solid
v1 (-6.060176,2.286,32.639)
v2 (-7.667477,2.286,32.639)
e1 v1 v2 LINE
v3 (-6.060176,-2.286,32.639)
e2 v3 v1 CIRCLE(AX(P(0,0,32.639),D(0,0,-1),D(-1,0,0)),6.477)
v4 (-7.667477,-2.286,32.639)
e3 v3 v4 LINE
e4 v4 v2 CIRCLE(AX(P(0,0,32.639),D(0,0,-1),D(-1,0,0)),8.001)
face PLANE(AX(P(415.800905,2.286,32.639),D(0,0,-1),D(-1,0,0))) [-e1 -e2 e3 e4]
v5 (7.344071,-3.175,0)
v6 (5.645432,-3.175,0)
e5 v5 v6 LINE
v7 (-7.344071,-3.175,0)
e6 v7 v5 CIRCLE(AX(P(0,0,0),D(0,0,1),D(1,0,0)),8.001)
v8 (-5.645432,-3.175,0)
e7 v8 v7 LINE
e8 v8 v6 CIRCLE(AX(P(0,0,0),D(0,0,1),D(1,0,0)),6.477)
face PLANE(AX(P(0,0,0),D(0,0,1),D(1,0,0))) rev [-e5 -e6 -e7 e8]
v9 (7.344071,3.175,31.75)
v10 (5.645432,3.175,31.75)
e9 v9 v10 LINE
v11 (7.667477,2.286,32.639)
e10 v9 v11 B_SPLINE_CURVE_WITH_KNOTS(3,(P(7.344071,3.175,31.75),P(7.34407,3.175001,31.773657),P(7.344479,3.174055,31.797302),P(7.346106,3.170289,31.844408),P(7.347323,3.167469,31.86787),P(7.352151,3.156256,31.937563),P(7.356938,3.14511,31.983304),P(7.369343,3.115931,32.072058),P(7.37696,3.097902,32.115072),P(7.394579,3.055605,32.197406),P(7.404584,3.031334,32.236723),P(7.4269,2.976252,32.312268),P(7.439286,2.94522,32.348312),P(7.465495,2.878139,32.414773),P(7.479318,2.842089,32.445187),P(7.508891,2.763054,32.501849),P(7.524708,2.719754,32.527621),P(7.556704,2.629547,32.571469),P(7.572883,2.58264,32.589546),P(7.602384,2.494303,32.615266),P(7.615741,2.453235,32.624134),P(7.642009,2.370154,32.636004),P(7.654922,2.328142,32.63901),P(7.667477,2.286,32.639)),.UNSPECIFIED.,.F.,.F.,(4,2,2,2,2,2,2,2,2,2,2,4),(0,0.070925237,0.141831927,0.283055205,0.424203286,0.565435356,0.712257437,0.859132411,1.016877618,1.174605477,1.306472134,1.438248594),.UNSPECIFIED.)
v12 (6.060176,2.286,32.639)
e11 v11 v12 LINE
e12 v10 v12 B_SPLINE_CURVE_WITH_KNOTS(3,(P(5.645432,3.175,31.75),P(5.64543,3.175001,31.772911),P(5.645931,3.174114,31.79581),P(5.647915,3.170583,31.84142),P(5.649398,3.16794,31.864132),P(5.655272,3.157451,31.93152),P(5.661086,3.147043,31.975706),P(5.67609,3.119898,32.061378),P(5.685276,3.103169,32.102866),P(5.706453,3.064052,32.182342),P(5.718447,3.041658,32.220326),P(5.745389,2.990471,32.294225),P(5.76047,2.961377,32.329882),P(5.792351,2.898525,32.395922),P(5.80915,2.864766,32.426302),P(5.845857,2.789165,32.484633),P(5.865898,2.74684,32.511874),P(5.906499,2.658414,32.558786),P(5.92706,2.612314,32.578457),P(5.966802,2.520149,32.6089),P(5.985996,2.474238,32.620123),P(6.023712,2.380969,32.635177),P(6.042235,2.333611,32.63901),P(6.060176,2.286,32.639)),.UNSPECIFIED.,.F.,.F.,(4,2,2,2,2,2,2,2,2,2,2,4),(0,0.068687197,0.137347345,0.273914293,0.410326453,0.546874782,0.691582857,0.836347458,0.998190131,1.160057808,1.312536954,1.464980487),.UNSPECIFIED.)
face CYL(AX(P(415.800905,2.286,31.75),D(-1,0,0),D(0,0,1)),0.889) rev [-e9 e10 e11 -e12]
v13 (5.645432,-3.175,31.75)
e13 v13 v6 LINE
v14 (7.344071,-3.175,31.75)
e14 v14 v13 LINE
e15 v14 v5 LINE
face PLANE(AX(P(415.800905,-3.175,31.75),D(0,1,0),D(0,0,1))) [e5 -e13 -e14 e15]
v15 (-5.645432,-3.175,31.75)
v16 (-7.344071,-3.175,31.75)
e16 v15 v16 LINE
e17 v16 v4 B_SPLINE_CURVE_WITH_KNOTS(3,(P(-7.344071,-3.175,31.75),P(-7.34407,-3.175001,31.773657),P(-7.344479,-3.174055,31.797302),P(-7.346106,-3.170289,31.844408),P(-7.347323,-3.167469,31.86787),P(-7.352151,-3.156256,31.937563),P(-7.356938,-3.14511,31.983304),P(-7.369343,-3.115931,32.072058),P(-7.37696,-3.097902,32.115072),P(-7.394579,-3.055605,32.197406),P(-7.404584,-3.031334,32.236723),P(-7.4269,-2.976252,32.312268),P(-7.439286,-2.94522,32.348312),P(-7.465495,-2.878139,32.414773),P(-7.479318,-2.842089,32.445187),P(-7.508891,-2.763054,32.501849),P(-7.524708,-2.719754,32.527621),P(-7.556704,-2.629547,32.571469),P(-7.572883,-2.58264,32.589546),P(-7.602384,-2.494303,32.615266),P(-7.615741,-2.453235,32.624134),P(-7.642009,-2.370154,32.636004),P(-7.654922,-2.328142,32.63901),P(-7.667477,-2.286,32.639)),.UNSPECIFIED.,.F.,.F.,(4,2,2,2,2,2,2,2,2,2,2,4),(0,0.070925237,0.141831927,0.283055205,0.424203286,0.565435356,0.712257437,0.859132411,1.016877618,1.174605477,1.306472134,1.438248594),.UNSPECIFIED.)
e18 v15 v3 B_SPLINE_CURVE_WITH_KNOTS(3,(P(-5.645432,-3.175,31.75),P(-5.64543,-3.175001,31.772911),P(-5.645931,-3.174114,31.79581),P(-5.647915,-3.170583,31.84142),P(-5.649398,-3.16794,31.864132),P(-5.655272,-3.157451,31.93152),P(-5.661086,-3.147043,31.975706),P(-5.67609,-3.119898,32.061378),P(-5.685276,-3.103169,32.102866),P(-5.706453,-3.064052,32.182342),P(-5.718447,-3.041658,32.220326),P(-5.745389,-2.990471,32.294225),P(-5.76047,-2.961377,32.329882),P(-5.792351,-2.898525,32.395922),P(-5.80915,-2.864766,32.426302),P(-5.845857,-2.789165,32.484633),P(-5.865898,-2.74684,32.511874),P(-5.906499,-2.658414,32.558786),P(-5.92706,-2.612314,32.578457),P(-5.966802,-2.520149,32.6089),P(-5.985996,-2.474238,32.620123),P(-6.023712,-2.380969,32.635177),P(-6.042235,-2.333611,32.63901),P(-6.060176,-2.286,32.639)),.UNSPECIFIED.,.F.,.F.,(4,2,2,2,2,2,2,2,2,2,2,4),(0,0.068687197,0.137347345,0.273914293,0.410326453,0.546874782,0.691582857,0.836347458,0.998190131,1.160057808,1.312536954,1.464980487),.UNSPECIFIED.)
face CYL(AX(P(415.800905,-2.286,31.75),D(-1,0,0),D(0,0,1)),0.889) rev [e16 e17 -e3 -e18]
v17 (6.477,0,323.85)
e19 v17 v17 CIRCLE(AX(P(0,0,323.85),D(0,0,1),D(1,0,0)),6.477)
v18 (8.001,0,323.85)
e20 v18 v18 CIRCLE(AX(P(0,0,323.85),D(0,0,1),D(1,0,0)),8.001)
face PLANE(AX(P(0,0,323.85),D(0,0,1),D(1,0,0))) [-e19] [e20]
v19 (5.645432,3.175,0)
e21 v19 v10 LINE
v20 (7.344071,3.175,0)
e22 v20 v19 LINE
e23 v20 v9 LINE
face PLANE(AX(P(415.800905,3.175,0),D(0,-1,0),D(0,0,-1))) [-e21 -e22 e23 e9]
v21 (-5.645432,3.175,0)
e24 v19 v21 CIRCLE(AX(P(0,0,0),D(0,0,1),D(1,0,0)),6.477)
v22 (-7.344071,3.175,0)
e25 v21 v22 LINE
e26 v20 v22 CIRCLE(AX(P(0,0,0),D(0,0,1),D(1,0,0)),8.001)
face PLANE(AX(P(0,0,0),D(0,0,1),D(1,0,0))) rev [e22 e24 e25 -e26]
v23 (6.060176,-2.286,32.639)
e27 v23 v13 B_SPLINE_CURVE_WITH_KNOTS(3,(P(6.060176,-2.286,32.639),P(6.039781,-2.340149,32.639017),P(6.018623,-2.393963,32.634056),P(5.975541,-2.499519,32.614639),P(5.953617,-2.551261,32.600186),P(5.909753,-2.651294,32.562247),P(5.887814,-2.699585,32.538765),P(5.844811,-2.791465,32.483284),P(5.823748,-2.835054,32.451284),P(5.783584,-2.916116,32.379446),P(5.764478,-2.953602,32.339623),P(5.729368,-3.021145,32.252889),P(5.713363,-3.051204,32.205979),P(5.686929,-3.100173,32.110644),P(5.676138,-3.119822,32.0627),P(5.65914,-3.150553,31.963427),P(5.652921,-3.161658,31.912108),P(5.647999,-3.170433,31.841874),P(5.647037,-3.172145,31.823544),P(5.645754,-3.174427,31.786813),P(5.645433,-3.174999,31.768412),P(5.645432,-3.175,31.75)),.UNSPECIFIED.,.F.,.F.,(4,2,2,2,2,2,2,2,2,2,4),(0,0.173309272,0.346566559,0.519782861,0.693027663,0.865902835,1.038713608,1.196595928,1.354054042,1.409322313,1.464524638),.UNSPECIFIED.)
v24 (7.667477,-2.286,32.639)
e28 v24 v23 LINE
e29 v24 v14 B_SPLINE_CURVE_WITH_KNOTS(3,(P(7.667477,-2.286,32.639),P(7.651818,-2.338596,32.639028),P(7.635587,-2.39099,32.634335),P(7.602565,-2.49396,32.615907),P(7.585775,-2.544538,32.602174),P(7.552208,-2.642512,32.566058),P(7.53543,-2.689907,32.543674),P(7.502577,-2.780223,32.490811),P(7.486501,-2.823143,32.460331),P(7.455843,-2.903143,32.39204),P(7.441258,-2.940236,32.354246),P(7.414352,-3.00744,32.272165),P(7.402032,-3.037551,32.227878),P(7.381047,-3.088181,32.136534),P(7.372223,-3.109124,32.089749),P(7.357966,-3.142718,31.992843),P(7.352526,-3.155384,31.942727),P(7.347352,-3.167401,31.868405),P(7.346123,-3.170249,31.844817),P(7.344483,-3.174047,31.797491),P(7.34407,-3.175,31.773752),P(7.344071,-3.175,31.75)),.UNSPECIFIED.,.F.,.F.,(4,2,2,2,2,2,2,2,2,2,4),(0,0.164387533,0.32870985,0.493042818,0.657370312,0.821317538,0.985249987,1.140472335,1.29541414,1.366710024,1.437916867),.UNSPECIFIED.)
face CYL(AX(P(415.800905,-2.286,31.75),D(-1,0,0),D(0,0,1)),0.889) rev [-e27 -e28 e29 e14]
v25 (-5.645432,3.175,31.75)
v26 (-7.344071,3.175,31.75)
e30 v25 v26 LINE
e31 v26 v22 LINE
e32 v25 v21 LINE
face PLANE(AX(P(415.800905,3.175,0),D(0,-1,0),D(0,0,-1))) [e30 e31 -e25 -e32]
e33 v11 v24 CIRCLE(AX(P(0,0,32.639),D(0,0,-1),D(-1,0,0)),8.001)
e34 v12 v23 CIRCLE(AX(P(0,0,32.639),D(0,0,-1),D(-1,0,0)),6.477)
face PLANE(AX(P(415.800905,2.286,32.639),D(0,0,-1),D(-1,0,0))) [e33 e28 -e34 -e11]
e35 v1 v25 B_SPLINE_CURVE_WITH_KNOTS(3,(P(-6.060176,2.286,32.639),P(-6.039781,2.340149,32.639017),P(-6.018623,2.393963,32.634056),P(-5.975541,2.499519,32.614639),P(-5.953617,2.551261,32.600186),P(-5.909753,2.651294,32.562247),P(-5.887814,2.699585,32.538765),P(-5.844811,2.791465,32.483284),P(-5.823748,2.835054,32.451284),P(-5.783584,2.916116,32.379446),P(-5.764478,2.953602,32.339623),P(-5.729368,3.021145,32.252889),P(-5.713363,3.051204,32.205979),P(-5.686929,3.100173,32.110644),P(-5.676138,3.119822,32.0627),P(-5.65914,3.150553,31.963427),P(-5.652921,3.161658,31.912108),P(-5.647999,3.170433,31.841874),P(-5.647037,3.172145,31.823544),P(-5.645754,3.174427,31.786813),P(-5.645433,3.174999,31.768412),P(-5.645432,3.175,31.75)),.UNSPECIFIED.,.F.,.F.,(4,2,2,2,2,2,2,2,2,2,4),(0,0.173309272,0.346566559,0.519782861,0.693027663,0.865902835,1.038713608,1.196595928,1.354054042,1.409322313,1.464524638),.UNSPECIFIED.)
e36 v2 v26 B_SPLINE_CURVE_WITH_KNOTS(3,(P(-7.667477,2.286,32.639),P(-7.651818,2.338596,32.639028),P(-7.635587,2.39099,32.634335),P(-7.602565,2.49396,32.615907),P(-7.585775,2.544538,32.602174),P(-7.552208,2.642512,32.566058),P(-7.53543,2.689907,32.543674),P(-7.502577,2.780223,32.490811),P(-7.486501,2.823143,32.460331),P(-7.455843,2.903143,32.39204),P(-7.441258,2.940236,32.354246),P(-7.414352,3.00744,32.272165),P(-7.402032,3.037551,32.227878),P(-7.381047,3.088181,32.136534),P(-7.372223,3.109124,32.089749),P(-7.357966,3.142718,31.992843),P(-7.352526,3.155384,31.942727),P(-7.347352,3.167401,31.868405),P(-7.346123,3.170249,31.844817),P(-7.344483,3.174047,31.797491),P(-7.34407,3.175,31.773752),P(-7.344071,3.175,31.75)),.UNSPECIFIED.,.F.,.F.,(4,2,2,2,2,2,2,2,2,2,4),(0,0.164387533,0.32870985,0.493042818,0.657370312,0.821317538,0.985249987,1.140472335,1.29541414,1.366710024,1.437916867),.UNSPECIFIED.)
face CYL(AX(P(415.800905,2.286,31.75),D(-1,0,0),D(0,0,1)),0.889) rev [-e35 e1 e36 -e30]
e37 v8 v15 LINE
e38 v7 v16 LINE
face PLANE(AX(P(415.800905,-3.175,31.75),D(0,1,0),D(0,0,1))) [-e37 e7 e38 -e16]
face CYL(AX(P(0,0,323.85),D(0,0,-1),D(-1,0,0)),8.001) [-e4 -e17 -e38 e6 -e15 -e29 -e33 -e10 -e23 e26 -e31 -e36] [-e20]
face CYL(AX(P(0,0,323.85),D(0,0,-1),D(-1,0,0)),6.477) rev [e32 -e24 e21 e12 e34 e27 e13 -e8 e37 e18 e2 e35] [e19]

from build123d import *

# Parameters (mm, degrees)
SKETCH1_R               = 8.001
SKETCH1_R_2             = 6.477
BOSS_EXTRUDE1_DEPTH     = 323.85
CUT_EXTRUDE2_DEPTH      = 325.047611474
CUT_EXTRUDE2_DEPTH_BACK = 325.047611474


with BuildPart() as part:
    # Sketch1 → Boss-Extrude1 (new body)
    with BuildSketch(Plane.XY):
        Circle(SKETCH1_R)
        Circle(SKETCH1_R_2, mode=Mode.SUBTRACT)
    extrude(amount=BOSS_EXTRUDE1_DEPTH)

    # Sketch2 → Cut-Extrude2 (cut, two sides: drawn at the far end of the back side and taken through both)
    with BuildSketch(Plane(origin=(0, 0, 0), x_dir=(0, 0, -1), z_dir=(1, 0, 0)).offset(-CUT_EXTRUDE2_DEPTH_BACK)):
        with BuildLine():
            Line((658.085566807, 3.175), (0, 3.175))
            Line((0, 3.175), (-31.75, 3.175))
            ThreePointArc((-31.75, 3.175), (-32.378617928, 2.914617928), (-32.639, 2.286))
            Line((-32.639, 2.286), (-32.639, -2.286))
            ThreePointArc((-32.639, -2.286), (-32.378617928, -2.914617928), (-31.75, -3.175))
            Line((-31.75, -3.175), (0, -3.175))
            Line((0, -3.175), (658.085566807, -3.175))
            Line((658.085566807, -3.175), (1974.256700422, -3.175))
            Line((1974.256700422, -3.175), (1974.256700422, 3.175))
            Line((1974.256700422, 3.175), (658.085566807, 3.175))
        make_face()
    extrude(amount=CUT_EXTRUDE2_DEPTH + CUT_EXTRUDE2_DEPTH_BACK, mode=Mode.SUBTRACT)


solid = part.part
